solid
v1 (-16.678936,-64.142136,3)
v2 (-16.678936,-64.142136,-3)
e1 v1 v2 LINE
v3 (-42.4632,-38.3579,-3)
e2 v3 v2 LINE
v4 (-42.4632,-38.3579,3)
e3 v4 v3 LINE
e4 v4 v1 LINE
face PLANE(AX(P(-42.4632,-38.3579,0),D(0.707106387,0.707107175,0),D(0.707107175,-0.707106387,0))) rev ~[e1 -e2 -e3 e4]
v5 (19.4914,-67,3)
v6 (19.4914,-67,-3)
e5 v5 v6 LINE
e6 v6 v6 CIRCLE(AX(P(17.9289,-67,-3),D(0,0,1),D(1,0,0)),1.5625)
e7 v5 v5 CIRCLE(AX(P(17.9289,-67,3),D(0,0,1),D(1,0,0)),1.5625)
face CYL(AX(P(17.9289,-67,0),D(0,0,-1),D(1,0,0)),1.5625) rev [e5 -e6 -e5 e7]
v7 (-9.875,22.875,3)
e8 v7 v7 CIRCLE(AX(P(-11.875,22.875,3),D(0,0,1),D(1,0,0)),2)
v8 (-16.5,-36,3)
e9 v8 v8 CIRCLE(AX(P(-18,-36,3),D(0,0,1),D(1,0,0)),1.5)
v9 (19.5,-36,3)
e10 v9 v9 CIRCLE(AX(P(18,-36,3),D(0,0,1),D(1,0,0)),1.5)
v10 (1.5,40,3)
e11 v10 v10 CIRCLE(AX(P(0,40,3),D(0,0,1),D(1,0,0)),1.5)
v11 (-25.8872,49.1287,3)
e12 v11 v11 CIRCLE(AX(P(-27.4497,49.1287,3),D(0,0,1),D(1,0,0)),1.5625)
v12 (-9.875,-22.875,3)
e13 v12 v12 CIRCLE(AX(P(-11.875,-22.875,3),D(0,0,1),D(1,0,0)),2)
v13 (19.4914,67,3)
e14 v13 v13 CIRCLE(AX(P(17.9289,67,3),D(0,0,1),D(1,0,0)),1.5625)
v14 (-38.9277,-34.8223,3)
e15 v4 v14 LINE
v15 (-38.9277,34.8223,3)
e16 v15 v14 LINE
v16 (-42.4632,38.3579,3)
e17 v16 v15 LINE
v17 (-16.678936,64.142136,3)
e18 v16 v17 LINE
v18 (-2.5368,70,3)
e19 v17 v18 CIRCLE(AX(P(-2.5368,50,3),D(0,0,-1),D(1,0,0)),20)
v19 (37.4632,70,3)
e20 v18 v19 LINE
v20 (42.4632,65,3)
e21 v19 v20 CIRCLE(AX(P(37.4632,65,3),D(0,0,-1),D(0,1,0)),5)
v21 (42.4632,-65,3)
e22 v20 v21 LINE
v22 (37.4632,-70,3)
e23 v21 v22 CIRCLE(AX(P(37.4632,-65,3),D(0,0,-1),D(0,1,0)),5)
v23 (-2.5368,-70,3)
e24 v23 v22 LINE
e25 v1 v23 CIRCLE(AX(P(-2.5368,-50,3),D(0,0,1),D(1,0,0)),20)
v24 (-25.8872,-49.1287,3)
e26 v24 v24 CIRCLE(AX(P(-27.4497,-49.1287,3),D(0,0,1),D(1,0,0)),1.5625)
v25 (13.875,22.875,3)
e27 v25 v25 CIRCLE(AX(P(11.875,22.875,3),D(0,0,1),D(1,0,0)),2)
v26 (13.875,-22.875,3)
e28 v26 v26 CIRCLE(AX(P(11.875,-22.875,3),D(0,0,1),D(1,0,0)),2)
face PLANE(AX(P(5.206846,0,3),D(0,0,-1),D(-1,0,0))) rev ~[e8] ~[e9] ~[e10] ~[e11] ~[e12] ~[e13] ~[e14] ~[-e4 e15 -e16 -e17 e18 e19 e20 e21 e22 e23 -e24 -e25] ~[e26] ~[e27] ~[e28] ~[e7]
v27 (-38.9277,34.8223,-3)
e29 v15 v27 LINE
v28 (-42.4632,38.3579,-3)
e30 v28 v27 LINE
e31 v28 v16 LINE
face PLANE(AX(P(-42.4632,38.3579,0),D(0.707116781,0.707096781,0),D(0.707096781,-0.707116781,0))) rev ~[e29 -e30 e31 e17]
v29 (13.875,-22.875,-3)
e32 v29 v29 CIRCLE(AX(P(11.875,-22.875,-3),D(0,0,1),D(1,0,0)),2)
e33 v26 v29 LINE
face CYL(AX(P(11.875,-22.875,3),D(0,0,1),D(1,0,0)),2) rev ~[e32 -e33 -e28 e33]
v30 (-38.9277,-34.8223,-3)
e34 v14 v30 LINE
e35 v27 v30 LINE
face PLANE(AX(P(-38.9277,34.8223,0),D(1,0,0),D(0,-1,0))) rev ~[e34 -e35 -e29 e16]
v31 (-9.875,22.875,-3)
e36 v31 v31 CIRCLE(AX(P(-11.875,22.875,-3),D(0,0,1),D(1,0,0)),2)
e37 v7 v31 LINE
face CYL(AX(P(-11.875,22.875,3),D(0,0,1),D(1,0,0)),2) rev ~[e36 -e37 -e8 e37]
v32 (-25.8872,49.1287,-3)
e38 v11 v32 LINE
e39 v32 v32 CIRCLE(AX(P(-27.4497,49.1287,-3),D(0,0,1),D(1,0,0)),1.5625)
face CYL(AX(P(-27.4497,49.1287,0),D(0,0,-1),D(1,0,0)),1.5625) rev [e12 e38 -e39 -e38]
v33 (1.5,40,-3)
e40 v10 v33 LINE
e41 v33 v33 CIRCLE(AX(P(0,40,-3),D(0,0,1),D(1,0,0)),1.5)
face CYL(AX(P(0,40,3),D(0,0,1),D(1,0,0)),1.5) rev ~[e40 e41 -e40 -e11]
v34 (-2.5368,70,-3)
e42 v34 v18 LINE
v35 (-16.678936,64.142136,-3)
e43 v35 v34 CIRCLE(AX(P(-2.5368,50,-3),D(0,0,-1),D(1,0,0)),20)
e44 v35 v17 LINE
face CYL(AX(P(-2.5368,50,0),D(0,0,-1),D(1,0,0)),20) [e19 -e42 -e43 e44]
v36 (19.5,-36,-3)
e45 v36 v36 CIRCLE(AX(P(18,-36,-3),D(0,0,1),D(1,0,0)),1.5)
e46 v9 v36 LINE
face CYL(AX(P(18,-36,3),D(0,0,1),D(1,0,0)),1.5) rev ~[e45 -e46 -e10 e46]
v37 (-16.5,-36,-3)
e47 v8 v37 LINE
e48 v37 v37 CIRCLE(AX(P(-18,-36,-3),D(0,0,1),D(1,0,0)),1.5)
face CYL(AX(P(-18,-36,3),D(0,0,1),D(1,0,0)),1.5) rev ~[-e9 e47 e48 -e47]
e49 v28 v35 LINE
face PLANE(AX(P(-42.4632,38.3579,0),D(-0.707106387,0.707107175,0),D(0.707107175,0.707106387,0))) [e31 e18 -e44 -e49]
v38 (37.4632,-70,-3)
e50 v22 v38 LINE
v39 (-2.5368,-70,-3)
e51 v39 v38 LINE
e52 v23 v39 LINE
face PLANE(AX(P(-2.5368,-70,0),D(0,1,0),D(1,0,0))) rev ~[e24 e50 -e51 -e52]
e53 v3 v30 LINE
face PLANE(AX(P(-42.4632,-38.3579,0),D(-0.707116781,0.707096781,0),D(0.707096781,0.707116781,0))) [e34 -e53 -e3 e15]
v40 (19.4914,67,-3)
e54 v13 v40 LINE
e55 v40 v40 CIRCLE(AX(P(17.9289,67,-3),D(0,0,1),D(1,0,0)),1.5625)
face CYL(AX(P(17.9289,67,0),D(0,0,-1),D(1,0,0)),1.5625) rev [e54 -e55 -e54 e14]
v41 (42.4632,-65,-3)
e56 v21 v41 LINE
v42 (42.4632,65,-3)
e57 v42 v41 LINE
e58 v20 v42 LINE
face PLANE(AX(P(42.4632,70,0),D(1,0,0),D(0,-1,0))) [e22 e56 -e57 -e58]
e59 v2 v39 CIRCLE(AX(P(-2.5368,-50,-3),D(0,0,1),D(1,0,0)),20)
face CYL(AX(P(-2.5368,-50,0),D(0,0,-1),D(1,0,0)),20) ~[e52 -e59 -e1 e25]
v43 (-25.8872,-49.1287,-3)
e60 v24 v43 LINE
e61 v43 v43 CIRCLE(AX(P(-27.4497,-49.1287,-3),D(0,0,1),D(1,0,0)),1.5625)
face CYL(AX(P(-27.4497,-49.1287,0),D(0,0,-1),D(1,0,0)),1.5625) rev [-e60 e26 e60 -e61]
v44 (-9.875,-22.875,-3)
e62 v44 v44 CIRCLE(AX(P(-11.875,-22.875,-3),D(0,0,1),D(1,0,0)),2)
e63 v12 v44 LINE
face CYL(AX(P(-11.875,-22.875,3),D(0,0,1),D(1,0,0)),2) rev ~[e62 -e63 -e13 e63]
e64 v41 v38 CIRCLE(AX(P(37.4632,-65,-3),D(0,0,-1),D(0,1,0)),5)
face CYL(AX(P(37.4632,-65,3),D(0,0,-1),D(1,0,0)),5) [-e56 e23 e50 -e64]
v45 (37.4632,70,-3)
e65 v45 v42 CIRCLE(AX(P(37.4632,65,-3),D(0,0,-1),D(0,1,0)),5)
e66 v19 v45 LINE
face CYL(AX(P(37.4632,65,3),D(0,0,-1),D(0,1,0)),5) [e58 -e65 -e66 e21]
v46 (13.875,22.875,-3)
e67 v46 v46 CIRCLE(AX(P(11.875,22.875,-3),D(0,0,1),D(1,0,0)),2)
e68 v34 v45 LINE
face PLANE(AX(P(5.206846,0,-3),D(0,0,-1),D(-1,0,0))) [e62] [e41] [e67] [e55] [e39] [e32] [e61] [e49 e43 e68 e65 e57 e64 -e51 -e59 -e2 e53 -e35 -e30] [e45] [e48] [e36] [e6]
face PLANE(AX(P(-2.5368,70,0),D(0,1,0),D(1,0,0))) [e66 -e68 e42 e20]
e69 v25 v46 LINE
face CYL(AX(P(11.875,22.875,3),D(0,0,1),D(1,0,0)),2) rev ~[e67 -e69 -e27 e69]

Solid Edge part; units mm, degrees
sketch "Sketch1" plane through (0, 0, 0) normal (0, 0, 1) x (1, 0, 0)
  line L0 (-2.5368, 70) -> (42.4632, 70)
  line L1 (42.4632, 70) -> (42.4632, -70)
  line L2 (-2.5368, -70) -> (42.4632, -70)
  arc A0 (-16.6789, -64.1421) -> (-2.5368, -70) centre (-2.5368, -50) ccw
  line L3 (-42.4632, -38.3579) -> (-16.6789, -64.1421)
  line L4 (-42.4632, -38.3579) -> (-38.9277, -34.8223)
  line L5 (-38.9277, 34.8223) -> (-38.9277, -34.8223)
  line L6 (-42.4632, 38.3579) -> (-38.9277, 34.8223)
  line L7 (-42.4632, 38.3579) -> (-16.6789, 64.1421)
  arc A1 (-16.6789, 64.1421) -> (-2.5368, 70) centre (-2.5368, 50) cw
  circle A2 centre (-27.4497, 49.1287) radius 1.5625
  circle A3 centre (17.9289, 67) radius 1.5625
  circle A4 centre (-27.4497, -49.1287) radius 1.5625
  circle A5 centre (17.9289, -67) radius 1.5625
extrude "Protrusion1" add sketch "Sketch1" along normal mid plane 6
fillet "Round_1" radius 5 2 edges at (42.4632, -70, 0) (42.4632, 70, 0)
sketch "Sketch2" plane through (0, 0, 3) normal (0, 0, 1) x (1, 0, 0)
  circle A0 centre (18, -36) radius 1.5
  circle A1 centre (-18, -36) radius 1.5
  circle A2 centre (0, 40) radius 1.5
  circle A3 centre (11.875, 22.875) radius 2
  circle A4 centre (11.875, -22.875) radius 2
  circle A5 centre (-11.875, -22.875) radius 2
  circle A6 centre (-11.875, 22.875) radius 2
extrude "ExtrudedCutout_1" cut sketch "Sketch2" against normal blind 7
